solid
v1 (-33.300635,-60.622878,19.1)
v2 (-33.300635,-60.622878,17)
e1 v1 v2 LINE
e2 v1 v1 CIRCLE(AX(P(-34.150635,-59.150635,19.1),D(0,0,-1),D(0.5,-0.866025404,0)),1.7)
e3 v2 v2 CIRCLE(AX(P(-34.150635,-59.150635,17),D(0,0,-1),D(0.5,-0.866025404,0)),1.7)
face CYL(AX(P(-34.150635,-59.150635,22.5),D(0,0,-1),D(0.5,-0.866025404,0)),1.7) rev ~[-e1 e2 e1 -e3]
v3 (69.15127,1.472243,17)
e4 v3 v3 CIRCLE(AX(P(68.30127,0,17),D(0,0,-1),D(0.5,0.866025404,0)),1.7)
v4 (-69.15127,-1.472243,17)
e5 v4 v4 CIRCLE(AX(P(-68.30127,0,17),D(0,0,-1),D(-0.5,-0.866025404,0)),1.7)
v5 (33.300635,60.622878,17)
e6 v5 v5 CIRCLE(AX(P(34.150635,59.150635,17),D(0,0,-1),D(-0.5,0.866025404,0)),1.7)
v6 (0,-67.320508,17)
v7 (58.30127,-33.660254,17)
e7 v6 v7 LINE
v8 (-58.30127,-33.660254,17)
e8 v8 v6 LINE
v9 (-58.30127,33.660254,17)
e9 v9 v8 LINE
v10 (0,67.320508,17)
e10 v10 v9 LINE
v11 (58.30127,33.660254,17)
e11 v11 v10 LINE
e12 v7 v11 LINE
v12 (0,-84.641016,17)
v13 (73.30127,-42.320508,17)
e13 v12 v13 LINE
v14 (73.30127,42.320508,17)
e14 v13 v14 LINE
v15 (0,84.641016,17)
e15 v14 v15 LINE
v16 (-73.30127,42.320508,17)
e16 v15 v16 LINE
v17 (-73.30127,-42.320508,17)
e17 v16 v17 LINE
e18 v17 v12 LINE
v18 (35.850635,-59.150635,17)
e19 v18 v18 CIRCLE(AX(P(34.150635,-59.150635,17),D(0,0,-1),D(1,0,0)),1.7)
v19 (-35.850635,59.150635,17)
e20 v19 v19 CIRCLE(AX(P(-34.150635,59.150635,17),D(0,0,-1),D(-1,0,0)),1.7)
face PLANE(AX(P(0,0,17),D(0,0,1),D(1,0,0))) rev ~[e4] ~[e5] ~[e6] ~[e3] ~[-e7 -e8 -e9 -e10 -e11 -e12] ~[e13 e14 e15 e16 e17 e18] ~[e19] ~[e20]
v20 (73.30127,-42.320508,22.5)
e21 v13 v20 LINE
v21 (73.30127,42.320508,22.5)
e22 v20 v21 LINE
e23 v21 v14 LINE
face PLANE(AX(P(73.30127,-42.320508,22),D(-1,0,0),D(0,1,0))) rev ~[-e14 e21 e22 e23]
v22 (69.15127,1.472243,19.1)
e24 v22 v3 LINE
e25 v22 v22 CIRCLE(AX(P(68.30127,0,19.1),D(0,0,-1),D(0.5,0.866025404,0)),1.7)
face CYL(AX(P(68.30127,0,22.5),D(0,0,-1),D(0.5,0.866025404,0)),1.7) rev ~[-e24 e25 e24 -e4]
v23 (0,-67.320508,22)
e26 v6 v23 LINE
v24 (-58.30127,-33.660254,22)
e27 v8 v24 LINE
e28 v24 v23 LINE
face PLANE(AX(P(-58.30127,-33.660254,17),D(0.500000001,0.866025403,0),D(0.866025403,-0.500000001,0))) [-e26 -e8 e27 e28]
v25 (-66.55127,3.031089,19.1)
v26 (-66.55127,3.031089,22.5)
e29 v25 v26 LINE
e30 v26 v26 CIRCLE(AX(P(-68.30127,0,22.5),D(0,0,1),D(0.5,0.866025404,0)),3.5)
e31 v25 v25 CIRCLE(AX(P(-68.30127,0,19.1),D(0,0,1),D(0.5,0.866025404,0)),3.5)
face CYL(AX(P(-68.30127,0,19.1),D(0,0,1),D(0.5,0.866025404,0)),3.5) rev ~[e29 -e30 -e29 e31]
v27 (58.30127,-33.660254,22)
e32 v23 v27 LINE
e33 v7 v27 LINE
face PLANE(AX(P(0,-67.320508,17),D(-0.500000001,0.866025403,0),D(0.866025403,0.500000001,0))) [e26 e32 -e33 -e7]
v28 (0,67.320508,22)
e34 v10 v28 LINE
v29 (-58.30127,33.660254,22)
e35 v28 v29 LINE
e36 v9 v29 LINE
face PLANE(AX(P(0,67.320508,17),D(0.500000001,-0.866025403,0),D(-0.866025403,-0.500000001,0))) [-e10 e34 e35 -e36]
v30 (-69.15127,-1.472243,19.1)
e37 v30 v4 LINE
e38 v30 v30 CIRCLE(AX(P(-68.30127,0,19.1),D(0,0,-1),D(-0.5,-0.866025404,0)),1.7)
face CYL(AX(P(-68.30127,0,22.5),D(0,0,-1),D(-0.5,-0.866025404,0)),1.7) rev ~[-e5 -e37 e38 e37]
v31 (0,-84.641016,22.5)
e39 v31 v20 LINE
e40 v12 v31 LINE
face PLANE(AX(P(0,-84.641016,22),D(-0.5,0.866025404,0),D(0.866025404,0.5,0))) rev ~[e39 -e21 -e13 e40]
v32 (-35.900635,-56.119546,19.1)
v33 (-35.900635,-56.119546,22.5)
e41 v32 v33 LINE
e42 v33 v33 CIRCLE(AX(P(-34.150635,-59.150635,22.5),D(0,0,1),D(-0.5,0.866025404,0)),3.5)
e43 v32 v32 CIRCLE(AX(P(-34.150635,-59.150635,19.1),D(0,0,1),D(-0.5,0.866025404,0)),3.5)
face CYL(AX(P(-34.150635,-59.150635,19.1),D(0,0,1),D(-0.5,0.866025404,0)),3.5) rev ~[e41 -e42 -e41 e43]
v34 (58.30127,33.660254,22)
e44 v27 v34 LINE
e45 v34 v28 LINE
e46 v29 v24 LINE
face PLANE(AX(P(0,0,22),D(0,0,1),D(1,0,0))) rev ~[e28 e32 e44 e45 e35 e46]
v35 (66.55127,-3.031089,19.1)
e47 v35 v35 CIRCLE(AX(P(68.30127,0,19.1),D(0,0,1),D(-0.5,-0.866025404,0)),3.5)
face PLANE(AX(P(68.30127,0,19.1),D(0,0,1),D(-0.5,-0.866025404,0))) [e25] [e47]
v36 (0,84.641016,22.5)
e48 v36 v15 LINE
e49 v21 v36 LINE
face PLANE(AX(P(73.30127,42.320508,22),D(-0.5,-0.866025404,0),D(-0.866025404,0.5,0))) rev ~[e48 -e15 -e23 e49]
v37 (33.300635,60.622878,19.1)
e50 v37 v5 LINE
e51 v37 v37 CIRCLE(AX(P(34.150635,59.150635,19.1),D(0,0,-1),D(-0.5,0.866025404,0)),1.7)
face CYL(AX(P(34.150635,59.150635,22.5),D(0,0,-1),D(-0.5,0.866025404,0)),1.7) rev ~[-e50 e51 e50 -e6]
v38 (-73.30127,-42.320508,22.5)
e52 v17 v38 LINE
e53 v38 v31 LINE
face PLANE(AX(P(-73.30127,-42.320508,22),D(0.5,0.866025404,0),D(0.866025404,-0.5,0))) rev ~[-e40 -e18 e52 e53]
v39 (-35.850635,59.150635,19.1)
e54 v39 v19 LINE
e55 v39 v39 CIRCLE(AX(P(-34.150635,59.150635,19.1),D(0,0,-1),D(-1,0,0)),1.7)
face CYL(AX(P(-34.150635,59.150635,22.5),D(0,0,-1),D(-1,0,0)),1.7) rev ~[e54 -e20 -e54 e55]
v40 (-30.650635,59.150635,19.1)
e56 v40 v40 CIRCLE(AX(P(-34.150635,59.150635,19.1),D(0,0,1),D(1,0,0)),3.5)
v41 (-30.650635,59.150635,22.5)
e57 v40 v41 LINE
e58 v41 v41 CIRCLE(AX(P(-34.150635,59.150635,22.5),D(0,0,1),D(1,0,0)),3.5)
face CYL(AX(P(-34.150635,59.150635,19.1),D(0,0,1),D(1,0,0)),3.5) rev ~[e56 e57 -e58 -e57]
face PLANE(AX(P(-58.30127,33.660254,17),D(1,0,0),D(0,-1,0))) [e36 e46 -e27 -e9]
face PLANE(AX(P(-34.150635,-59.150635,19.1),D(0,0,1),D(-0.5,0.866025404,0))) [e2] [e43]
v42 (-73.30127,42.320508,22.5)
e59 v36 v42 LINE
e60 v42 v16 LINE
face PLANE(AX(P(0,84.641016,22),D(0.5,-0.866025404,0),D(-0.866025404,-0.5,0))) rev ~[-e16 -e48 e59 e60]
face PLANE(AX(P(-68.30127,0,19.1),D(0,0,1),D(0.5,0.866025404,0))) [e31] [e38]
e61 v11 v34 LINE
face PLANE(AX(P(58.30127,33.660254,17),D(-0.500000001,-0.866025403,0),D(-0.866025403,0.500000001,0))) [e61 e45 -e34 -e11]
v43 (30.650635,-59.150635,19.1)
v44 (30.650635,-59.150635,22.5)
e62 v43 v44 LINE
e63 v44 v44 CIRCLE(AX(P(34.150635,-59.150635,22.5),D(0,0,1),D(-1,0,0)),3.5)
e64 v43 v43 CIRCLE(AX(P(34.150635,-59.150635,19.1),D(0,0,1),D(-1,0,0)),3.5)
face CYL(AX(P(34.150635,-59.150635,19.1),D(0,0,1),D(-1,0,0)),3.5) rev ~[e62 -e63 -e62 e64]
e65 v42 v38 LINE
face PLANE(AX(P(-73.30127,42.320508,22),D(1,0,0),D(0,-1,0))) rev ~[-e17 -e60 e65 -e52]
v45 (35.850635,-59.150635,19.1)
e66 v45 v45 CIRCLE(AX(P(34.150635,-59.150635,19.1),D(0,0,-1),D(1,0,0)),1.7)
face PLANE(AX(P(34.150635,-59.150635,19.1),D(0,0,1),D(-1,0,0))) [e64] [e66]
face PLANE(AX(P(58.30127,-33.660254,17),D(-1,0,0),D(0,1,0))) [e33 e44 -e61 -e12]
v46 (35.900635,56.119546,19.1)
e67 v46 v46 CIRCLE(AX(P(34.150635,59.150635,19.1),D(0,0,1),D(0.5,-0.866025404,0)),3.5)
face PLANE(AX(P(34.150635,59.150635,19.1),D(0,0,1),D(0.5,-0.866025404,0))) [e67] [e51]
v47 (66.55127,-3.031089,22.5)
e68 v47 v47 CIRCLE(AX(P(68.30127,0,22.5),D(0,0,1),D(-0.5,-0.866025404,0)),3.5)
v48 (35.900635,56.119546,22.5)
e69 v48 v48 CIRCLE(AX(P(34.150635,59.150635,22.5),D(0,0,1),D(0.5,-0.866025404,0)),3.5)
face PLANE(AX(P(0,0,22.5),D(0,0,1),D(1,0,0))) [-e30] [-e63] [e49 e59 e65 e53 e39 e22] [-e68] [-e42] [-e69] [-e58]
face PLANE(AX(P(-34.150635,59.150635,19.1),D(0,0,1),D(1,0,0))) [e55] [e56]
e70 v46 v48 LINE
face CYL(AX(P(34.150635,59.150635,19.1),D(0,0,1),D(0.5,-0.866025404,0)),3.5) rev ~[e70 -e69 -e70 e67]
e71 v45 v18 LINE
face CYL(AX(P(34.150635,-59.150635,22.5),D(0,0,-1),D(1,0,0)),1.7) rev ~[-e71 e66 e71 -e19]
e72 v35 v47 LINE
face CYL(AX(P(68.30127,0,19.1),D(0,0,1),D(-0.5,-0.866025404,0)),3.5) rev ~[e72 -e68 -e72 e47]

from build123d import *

# Parameters (mm, degrees)
PAD003_DEPTH       = 5
PAD004_DEPTH       = 0.5
HOLE_D             = 3.4
HOLE_DEPTH         = 25
HOLE_CBORE_D       = 7
HOLE_CBORE_DEPTH   = 3.4
POLARPATTERN_COUNT = 6


with BuildPart() as part:
    # Sketch005 → Pad003 (new body)
    with BuildSketch(Plane.XY):
        Polygon((73.30127, 42.320508), (0, 84.641016), (-73.30127, 42.320508), (-73.30127, -42.320508), (0, -84.641016), (73.30127, -42.320508), align=None)
        Polygon((58.30127, 33.660254), (0, 67.320508), (-58.30127, 33.660254), (-58.30127, -33.660254), (0, -67.320508), (58.30127, -33.660254), align=None, mode=Mode.SUBTRACT)
    extrude(amount=PAD003_DEPTH)

    # Sketch006 (on Face14 of Pad003) → Pad004 (join)
    with BuildSketch(Plane.XY.offset(5)):
        Polygon((-73.30127, 42.320508), (-73.30127, -42.320508), (0, -84.641016), (73.30127, -42.320508), (73.30127, 42.320508), (0, 84.641016), align=None)
    extrude(amount=PAD004_DEPTH)

    # Hole
    with Locations(Plane.XY.offset(5.5)):
        with Locations((-34.150635, 59.150635)):
            hole = CounterBoreHole(HOLE_D / 2, HOLE_CBORE_D / 2, HOLE_CBORE_DEPTH, depth=HOLE_DEPTH)

    # PolarPattern: Hole ×6 about axis
    polarpattern_axis = Axis((0, 0, 0), (0, 0, 1))
    for i in range(1, POLARPATTERN_COUNT):
        add(hole.rotate(polarpattern_axis, i * 360 / POLARPATTERN_COUNT), mode=Mode.SUBTRACT)


with BuildPart() as part_1:
    # Body002 placement: moved
    add(part.part.moved(Location((0, 0, 17))))


solid = part_1.part
